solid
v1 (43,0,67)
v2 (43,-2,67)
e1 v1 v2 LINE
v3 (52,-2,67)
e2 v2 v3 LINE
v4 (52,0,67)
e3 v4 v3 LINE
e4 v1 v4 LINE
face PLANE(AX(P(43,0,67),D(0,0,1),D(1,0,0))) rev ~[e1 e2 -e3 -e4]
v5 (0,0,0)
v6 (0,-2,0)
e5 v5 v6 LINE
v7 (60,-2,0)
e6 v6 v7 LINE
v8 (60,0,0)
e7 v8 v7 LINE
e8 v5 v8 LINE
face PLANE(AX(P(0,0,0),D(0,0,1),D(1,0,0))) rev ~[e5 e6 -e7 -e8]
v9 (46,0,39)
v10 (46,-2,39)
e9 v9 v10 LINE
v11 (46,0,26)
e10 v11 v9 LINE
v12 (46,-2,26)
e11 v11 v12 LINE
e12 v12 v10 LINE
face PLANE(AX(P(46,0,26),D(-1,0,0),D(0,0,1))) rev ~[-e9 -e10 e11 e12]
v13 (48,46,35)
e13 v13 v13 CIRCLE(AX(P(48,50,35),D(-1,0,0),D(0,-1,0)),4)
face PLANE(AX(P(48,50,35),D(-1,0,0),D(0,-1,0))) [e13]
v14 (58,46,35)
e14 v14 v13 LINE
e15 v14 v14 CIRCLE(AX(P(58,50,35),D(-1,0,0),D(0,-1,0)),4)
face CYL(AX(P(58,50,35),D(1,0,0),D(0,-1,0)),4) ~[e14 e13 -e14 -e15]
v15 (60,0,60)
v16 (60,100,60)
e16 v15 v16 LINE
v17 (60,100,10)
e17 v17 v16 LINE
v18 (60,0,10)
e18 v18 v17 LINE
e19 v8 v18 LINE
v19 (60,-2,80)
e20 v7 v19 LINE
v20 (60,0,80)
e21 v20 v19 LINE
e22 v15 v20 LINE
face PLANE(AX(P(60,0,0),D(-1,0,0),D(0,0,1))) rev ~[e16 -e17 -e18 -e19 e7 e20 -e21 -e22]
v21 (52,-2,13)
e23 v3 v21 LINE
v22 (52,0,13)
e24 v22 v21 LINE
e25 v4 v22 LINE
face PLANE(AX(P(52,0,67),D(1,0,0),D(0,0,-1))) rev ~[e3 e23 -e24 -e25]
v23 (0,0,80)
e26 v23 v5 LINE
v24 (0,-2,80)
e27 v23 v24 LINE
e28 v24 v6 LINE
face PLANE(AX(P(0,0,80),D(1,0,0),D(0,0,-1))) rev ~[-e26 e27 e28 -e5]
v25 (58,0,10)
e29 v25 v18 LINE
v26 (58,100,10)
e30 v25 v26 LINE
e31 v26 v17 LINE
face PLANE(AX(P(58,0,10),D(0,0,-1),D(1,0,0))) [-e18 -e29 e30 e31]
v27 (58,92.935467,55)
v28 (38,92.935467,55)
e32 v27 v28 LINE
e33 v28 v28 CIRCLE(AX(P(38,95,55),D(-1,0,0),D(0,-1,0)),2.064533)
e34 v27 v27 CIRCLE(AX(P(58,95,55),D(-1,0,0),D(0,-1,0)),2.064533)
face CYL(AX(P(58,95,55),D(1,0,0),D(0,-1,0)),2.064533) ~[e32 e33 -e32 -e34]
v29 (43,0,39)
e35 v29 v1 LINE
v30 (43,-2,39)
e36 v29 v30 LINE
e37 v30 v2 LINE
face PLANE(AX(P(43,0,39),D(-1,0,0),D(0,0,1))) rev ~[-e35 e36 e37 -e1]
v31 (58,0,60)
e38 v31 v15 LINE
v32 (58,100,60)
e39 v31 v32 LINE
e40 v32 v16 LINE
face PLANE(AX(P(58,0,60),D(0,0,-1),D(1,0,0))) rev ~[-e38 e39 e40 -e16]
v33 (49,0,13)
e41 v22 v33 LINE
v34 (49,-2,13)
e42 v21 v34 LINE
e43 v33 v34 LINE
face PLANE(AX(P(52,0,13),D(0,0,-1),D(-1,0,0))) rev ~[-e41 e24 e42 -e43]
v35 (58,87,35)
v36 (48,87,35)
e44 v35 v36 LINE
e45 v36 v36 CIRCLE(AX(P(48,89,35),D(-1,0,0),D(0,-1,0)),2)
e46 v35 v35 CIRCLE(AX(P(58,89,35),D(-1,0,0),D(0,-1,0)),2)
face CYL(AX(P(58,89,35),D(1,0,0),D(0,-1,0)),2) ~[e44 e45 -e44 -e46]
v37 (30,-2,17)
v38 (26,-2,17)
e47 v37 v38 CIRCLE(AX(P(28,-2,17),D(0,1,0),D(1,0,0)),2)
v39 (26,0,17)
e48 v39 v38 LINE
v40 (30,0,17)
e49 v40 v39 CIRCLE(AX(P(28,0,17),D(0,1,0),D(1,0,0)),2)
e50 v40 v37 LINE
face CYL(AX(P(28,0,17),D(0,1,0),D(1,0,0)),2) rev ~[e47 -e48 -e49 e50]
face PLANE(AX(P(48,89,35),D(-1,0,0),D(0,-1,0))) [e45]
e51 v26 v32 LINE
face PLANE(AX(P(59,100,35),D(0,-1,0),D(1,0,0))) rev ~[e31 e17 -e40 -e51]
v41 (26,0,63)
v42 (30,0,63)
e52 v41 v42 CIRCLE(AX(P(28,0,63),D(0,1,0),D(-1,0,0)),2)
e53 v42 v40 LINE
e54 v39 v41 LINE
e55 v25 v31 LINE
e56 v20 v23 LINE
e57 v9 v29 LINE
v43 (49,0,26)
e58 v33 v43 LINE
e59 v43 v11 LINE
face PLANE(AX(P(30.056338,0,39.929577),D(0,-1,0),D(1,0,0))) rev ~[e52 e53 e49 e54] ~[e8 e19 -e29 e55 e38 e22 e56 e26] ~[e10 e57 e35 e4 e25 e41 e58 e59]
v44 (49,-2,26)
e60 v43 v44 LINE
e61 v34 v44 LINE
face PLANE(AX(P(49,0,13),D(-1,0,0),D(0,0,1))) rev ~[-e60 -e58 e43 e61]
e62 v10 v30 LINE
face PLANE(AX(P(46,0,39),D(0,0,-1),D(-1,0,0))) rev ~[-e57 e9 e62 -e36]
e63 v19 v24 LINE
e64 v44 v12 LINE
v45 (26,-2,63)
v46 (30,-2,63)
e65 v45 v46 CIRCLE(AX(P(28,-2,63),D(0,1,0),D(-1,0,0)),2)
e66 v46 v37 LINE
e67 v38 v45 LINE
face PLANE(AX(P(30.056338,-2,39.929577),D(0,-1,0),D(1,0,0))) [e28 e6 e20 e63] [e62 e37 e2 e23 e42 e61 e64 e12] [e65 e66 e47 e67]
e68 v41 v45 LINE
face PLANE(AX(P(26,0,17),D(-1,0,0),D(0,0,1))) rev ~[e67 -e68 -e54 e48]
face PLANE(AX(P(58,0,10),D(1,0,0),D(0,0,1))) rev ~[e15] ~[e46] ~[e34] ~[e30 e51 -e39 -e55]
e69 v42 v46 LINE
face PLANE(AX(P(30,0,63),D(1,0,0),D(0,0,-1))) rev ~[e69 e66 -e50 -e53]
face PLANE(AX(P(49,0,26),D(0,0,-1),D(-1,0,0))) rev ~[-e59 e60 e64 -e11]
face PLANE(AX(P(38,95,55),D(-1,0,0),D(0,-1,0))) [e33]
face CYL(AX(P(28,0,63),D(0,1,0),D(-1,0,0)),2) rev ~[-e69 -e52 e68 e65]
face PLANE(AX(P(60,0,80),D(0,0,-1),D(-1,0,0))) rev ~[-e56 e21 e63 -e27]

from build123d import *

# Parameters (mm, degrees)
F0_W     = 2
F0_H     = 50
F1_DEPTH = 2
F2_DEPTH = 100
F3_R     = 4
F3_R_2   = 2
F4_DEPTH = 10
F3_R_3   = 2.064533
F5_DEPTH = 20


with BuildPart() as f1:
    # F0 (on Front) → F1 (new body)
    with BuildSketch(Plane.XZ):
        Polygon((0, 80), (0, 0), (60, 0), (60, 10), (58, 10), (58, 60), (60, 60), (60, 80), align=None)
        with BuildLine():
            Line((26, 17), (26, 63))
            ThreePointArc((26, 63), (28, 65), (30, 63))
            Line((30, 63), (30, 17))
            ThreePointArc((30, 17), (28, 15), (26, 17))
        make_face(mode=Mode.SUBTRACT)
        Polygon((43, 67), (52, 67), (52, 13), (49, 13), (49, 26), (46, 26), (46, 39), (43, 39), align=None, mode=Mode.SUBTRACT)
        with Locations((59, 35)):
            Rectangle(F0_W, F0_H)
    extrude(amount=F1_DEPTH)

    # F0 (on Front) → F2 (join)
    with BuildSketch(Plane.XZ):
        with Locations((59, 35)):
            Rectangle(F0_W, F0_H)
    extrude(amount=-F2_DEPTH)

    # F3 (on face) → F4 (join)
    with BuildSketch(Plane(origin=(58, 0, 0), x_dir=(0, -1, 0), z_dir=(-1, 0, 0))):
        with Locations((-50, 35)):
            Circle(F3_R)
        with Locations((-89, 35)):
            Circle(F3_R_2)
    extrude(amount=F4_DEPTH)

    # F3 (on face) → F5 (join)
    with BuildSketch(Plane(origin=(58, 0, 0), x_dir=(0, -1, 0), z_dir=(-1, 0, 0))):
        with Locations((-95, 55)):
            Circle(F3_R_3)
    extrude(amount=F5_DEPTH)


solid = f1.part
